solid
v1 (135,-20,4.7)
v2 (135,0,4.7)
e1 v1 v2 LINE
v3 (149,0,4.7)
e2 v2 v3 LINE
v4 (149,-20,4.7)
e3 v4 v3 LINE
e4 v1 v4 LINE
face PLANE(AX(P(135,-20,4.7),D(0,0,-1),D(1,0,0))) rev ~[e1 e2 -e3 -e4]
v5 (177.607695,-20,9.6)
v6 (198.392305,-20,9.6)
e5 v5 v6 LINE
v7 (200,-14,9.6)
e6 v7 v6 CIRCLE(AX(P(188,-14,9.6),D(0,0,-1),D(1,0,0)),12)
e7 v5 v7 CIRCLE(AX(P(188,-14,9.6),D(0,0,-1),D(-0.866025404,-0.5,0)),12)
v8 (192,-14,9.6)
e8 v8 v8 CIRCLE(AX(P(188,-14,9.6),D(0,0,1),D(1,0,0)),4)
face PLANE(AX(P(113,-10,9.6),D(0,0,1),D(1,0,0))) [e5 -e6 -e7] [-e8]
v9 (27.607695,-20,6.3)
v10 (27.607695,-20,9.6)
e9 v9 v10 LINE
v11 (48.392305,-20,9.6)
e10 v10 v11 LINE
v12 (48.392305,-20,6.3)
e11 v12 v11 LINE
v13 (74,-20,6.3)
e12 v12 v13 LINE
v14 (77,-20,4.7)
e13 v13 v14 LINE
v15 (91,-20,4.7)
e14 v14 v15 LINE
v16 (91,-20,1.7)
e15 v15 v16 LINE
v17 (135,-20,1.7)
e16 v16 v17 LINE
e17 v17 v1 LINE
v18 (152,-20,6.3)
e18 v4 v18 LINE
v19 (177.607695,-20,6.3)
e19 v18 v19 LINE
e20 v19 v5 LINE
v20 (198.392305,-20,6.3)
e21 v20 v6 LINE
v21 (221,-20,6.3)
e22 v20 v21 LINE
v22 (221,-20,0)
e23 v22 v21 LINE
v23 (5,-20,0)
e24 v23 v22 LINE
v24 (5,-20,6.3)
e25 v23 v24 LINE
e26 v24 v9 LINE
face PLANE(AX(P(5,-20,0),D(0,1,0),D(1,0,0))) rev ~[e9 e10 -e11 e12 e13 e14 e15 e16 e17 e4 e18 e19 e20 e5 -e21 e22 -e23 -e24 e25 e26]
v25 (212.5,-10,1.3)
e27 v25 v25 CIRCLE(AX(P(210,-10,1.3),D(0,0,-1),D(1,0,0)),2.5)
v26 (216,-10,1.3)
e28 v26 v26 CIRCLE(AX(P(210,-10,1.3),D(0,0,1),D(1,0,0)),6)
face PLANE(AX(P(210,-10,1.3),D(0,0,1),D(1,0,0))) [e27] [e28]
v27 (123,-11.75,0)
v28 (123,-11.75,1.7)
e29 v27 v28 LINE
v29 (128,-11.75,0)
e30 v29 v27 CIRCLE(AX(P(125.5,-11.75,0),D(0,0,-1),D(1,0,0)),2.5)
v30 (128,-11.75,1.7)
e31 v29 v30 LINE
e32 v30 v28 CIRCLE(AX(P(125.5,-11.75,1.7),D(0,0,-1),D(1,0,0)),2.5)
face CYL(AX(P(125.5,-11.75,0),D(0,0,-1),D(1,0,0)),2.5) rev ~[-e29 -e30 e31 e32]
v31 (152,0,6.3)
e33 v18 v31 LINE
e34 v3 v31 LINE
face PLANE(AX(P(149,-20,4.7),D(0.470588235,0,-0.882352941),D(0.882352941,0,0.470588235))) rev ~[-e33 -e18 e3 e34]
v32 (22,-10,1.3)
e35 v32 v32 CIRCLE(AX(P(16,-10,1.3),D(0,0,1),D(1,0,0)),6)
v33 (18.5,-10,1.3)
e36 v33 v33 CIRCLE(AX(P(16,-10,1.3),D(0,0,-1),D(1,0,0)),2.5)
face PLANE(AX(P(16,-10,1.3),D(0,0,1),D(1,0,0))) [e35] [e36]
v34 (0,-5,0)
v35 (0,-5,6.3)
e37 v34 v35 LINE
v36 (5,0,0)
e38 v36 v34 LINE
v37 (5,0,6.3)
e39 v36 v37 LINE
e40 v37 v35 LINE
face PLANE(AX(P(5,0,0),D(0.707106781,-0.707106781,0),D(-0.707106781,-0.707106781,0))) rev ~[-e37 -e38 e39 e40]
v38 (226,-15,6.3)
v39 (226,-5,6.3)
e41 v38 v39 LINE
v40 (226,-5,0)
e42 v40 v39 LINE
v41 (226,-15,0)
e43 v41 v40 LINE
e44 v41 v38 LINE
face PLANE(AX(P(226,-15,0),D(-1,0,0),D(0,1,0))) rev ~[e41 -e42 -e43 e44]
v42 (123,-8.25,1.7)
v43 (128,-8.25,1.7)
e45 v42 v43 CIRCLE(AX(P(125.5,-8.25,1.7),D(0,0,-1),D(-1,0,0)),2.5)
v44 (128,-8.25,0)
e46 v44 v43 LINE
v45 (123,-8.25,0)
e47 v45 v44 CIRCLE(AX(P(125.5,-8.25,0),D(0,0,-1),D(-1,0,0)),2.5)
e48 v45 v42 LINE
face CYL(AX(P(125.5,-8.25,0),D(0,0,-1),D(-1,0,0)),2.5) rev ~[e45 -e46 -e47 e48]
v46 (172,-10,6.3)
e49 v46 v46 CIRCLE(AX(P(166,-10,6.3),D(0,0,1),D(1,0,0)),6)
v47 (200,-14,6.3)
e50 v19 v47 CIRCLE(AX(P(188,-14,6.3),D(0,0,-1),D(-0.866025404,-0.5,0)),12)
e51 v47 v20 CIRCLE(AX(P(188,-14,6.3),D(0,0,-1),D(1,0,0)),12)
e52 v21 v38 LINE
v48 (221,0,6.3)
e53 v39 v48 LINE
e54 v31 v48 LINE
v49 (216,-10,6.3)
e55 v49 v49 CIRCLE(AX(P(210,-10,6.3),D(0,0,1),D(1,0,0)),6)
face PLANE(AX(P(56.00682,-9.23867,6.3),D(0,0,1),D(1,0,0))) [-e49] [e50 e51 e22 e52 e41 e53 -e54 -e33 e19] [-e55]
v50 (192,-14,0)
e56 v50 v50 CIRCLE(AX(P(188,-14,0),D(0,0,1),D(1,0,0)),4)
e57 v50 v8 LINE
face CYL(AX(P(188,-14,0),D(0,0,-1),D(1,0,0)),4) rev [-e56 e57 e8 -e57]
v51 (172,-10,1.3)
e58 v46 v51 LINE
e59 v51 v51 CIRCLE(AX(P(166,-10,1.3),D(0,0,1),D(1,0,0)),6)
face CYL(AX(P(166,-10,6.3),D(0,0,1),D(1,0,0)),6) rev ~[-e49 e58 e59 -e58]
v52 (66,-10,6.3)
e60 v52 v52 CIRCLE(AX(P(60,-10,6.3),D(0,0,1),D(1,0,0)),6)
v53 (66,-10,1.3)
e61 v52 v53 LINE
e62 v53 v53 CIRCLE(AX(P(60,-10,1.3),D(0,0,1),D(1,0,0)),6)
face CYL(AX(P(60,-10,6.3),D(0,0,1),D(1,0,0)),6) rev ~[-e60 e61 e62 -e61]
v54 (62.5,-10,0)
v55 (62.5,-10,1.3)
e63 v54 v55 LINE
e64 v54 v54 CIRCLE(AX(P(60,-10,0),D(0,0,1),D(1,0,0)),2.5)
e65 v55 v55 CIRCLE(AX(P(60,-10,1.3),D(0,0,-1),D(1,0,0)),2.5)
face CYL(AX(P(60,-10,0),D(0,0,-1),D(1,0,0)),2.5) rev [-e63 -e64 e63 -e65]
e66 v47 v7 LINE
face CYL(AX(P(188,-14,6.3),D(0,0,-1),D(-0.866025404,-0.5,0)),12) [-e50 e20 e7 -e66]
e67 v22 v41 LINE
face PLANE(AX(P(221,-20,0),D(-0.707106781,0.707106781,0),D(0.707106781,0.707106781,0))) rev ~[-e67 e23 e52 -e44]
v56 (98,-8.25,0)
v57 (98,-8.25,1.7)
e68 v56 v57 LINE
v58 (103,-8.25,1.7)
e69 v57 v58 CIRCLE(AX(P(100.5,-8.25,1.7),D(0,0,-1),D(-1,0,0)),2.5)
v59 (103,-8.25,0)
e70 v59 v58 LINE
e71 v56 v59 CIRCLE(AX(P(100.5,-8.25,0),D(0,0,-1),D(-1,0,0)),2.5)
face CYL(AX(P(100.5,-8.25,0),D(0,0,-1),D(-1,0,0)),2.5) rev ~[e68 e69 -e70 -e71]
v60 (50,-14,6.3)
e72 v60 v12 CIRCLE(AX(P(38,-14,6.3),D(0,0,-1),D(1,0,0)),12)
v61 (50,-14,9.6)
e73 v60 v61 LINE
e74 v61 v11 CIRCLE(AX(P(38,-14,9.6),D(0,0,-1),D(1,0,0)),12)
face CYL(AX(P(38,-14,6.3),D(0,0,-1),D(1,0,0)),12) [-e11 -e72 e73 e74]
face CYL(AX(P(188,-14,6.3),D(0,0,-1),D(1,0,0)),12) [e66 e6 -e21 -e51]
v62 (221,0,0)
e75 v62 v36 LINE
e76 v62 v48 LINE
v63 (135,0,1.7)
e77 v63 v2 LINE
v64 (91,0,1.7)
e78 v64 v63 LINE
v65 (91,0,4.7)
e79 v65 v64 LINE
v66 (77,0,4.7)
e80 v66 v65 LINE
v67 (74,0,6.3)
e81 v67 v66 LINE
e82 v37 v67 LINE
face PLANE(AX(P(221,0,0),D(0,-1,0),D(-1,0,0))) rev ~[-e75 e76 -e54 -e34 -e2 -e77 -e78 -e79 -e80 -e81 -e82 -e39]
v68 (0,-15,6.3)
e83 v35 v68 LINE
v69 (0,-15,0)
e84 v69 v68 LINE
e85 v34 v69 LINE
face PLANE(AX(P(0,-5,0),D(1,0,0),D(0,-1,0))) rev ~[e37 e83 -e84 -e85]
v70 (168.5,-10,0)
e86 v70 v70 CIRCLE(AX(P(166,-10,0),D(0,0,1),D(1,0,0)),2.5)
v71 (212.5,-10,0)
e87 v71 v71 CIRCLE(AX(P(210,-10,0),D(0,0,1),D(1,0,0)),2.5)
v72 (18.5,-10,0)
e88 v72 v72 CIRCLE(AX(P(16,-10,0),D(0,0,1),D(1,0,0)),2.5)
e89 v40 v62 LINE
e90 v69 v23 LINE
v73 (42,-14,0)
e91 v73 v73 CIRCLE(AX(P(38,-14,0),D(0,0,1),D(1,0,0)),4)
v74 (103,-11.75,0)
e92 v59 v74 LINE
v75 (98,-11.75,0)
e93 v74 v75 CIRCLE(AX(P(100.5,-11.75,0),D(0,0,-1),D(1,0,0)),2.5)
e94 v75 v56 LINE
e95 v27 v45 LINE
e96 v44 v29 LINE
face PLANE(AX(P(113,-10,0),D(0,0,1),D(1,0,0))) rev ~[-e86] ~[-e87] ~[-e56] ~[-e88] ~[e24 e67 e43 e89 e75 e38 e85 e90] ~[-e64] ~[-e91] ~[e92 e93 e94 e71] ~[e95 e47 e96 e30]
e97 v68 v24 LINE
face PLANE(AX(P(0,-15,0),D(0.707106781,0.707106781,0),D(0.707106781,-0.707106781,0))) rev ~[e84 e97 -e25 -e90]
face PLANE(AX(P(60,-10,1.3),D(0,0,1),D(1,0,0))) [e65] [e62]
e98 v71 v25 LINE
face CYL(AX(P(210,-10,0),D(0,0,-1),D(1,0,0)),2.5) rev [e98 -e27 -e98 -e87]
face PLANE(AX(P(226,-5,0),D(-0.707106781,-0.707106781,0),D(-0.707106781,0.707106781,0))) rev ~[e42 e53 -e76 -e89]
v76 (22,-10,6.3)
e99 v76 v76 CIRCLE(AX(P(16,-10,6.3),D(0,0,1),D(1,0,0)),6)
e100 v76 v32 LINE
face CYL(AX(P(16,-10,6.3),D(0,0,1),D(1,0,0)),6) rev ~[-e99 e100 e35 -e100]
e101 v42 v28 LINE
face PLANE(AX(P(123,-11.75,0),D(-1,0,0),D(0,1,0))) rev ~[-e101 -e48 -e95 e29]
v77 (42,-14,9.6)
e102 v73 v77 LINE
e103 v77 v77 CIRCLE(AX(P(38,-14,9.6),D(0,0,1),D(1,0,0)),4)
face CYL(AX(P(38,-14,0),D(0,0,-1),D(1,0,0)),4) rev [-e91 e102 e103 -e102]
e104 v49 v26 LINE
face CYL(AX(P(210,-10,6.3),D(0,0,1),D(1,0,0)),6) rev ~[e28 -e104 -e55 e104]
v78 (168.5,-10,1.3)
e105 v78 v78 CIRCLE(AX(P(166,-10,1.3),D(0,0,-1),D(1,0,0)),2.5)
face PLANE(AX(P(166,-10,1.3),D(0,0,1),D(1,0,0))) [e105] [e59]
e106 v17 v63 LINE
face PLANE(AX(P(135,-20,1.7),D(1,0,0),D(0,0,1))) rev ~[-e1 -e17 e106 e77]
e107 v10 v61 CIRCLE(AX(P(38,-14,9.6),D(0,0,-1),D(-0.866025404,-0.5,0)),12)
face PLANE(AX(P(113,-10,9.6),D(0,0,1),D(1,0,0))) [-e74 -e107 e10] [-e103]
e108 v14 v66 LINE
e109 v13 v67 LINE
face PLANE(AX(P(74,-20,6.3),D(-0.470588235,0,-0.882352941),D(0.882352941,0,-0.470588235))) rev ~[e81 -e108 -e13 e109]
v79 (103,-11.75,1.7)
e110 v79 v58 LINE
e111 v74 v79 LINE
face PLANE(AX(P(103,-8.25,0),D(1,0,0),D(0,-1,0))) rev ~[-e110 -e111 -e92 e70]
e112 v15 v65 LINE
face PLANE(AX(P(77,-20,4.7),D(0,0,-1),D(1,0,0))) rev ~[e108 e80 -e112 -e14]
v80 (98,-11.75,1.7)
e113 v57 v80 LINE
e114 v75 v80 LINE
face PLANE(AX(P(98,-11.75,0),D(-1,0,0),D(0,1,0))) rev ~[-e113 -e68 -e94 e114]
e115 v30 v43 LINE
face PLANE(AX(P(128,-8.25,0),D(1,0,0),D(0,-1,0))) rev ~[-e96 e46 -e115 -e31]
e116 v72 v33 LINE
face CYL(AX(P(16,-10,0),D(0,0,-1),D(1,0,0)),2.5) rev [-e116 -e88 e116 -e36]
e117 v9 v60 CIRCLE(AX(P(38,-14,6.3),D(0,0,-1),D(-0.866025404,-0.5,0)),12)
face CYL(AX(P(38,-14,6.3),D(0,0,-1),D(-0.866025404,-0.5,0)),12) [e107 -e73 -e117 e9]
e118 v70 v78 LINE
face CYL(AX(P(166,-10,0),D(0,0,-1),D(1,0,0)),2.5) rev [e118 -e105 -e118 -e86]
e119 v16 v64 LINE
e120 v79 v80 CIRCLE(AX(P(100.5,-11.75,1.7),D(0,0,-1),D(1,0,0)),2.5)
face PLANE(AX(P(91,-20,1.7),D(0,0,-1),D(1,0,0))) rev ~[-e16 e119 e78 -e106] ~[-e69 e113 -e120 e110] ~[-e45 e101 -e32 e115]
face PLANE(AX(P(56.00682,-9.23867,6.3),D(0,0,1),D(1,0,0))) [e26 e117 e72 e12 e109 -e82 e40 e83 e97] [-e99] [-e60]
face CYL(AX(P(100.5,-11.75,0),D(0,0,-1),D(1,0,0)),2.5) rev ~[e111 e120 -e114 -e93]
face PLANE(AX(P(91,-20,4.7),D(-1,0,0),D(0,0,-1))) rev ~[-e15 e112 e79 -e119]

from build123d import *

# Parameters (mm, degrees)
SKETCH1_R           = 4
SKETCH1_R_2         = 2.5
BOSS_EXTRUDE1_DEPTH = 9.6
CUT_EXTRUDE1_START  = -3.3
SKETCH2_R           = 2.5
CUT_EXTRUDE1_DEPTH  = 3.3
CUT_EXTRUDE2_DEPTH  = 228.086239125
SKETCH5_R           = 6
CUT_EXTRUDE3_DEPTH  = 5


with BuildPart() as part:
    # Sketch1 → Boss-Extrude1 (new body)
    with BuildSketch(Plane.XY):
        Polygon((221, 0), (5, 0), (0, -5), (0, -15), (5, -20), (221, -20), (226, -15), (226, -5), align=None)
        with Locations((38, -14)):
            Circle(SKETCH1_R, mode=Mode.SUBTRACT)
        with Locations((188, -14)):
            Circle(SKETCH1_R, mode=Mode.SUBTRACT)
        with Locations((16, -10)):
            Circle(SKETCH1_R_2, mode=Mode.SUBTRACT)
        with Locations((60, -10)):
            Circle(SKETCH1_R_2, mode=Mode.SUBTRACT)
        with BuildLine():
            ThreePointArc((98, -8.25), (100.5, -5.75), (103, -8.25))
            Line((103, -8.25), (103, -11.75))
            ThreePointArc((103, -11.75), (100.5, -14.25), (98, -11.75))
            Line((98, -11.75), (98, -8.25))
        make_face(mode=Mode.SUBTRACT)
        with BuildLine():
            Line((128, -8.25), (128, -11.75))
            ThreePointArc((128, -11.75), (125.5, -14.25), (123, -11.75))
            Line((123, -11.75), (123, -8.25))
            ThreePointArc((123, -8.25), (125.5, -5.75), (128, -8.25))
        make_face(mode=Mode.SUBTRACT)
        with Locations((166, -10)):
            Circle(SKETCH1_R_2, mode=Mode.SUBTRACT)
        with Locations((210, -10)):
            Circle(SKETCH1_R_2, mode=Mode.SUBTRACT)
    extrude(amount=BOSS_EXTRUDE1_DEPTH)

    # Sketch2 → Cut-Extrude1 (cut)
    # profile 1 of 2: a face of its own
    with BuildSketch(Plane.XY.offset(9.6).offset(CUT_EXTRUDE1_START)):
        with BuildLine():
            Line((48.392304845, -20), (113, -20))
            Line((113, -20), (113, 0))
            Line((113, 0), (5, 0))
            Line((5, 0), (0, -5))
            Line((0, -5), (0, -15))
            Line((0, -15), (5, -20))
            Line((5, -20), (27.607695155, -20))
            ThreePointArc((27.607695155, -20), (34.894171459, -2.408890085), (50, -14))
            ThreePointArc((50, -14), (49.591109915, -17.105828541), (48.392304845, -20))
        make_face()
        with Locations((16, -10)):
            Circle(SKETCH2_R, mode=Mode.SUBTRACT)
        with Locations((60, -10)):
            Circle(SKETCH2_R, mode=Mode.SUBTRACT)
        with BuildLine():
            Line((98, -11.75), (98, -8.25))
            ThreePointArc((98, -8.25), (100.5, -5.75), (103, -8.25))
            Line((103, -8.25), (103, -11.75))
            ThreePointArc((103, -11.75), (100.5, -14.25), (98, -11.75))
        make_face(mode=Mode.SUBTRACT)
    # profile 2 of 2: a face of its own
    with BuildSketch(Plane.XY.offset(9.6).offset(CUT_EXTRUDE1_START)):
        with BuildLine():
            Line((113, 0), (113, -20))
            Line((113, -20), (177.607695155, -20))
            ThreePointArc((177.607695155, -20), (184.894171459, -2.408890085), (200, -14))
            ThreePointArc((200, -14), (199.591109915, -17.105828541), (198.392304845, -20))
            Line((198.392304845, -20), (221, -20))
            Line((221, -20), (226, -15))
            Line((226, -15), (226, -5))
            Line((226, -5), (221, 0))
            Line((221, 0), (113, 0))
        make_face()
        with BuildLine():
            Line((123, -11.75), (123, -8.25))
            ThreePointArc((123, -8.25), (125.5, -5.75), (128, -8.25))
            Line((128, -8.25), (128, -11.75))
            ThreePointArc((128, -11.75), (125.5, -14.25), (123, -11.75))
        make_face(mode=Mode.SUBTRACT)
        with Locations((166, -10)):
            Circle(SKETCH2_R, mode=Mode.SUBTRACT)
        with Locations((210, -10)):
            Circle(SKETCH2_R, mode=Mode.SUBTRACT)
    extrude(amount=CUT_EXTRUDE1_DEPTH, mode=Mode.SUBTRACT)

    # Sketch4 → Cut-Extrude2 (cut, through all)
    with BuildSketch(Plane.XZ.offset(20)):
        Polygon((149, 4.7), (152, 6.3), (113, 6.3), (74, 6.3), (77, 4.7), (91, 4.7), (91, 1.7), (135, 1.7), (135, 4.7), align=None)
    extrude(amount=-CUT_EXTRUDE2_DEPTH, mode=Mode.SUBTRACT)

    # Sketch5 → Cut-Extrude3 (cut)
    with BuildSketch(Plane.XY.offset(6.3)):
        with Locations((16, -10)):
            Circle(SKETCH5_R)
        with Locations((60, -10)):
            Circle(SKETCH5_R)
        with Locations((166, -10)):
            Circle(SKETCH5_R)
        with Locations((210, -10)):
            Circle(SKETCH5_R)
    extrude(amount=-CUT_EXTRUDE3_DEPTH, mode=Mode.SUBTRACT)


solid = part.part
